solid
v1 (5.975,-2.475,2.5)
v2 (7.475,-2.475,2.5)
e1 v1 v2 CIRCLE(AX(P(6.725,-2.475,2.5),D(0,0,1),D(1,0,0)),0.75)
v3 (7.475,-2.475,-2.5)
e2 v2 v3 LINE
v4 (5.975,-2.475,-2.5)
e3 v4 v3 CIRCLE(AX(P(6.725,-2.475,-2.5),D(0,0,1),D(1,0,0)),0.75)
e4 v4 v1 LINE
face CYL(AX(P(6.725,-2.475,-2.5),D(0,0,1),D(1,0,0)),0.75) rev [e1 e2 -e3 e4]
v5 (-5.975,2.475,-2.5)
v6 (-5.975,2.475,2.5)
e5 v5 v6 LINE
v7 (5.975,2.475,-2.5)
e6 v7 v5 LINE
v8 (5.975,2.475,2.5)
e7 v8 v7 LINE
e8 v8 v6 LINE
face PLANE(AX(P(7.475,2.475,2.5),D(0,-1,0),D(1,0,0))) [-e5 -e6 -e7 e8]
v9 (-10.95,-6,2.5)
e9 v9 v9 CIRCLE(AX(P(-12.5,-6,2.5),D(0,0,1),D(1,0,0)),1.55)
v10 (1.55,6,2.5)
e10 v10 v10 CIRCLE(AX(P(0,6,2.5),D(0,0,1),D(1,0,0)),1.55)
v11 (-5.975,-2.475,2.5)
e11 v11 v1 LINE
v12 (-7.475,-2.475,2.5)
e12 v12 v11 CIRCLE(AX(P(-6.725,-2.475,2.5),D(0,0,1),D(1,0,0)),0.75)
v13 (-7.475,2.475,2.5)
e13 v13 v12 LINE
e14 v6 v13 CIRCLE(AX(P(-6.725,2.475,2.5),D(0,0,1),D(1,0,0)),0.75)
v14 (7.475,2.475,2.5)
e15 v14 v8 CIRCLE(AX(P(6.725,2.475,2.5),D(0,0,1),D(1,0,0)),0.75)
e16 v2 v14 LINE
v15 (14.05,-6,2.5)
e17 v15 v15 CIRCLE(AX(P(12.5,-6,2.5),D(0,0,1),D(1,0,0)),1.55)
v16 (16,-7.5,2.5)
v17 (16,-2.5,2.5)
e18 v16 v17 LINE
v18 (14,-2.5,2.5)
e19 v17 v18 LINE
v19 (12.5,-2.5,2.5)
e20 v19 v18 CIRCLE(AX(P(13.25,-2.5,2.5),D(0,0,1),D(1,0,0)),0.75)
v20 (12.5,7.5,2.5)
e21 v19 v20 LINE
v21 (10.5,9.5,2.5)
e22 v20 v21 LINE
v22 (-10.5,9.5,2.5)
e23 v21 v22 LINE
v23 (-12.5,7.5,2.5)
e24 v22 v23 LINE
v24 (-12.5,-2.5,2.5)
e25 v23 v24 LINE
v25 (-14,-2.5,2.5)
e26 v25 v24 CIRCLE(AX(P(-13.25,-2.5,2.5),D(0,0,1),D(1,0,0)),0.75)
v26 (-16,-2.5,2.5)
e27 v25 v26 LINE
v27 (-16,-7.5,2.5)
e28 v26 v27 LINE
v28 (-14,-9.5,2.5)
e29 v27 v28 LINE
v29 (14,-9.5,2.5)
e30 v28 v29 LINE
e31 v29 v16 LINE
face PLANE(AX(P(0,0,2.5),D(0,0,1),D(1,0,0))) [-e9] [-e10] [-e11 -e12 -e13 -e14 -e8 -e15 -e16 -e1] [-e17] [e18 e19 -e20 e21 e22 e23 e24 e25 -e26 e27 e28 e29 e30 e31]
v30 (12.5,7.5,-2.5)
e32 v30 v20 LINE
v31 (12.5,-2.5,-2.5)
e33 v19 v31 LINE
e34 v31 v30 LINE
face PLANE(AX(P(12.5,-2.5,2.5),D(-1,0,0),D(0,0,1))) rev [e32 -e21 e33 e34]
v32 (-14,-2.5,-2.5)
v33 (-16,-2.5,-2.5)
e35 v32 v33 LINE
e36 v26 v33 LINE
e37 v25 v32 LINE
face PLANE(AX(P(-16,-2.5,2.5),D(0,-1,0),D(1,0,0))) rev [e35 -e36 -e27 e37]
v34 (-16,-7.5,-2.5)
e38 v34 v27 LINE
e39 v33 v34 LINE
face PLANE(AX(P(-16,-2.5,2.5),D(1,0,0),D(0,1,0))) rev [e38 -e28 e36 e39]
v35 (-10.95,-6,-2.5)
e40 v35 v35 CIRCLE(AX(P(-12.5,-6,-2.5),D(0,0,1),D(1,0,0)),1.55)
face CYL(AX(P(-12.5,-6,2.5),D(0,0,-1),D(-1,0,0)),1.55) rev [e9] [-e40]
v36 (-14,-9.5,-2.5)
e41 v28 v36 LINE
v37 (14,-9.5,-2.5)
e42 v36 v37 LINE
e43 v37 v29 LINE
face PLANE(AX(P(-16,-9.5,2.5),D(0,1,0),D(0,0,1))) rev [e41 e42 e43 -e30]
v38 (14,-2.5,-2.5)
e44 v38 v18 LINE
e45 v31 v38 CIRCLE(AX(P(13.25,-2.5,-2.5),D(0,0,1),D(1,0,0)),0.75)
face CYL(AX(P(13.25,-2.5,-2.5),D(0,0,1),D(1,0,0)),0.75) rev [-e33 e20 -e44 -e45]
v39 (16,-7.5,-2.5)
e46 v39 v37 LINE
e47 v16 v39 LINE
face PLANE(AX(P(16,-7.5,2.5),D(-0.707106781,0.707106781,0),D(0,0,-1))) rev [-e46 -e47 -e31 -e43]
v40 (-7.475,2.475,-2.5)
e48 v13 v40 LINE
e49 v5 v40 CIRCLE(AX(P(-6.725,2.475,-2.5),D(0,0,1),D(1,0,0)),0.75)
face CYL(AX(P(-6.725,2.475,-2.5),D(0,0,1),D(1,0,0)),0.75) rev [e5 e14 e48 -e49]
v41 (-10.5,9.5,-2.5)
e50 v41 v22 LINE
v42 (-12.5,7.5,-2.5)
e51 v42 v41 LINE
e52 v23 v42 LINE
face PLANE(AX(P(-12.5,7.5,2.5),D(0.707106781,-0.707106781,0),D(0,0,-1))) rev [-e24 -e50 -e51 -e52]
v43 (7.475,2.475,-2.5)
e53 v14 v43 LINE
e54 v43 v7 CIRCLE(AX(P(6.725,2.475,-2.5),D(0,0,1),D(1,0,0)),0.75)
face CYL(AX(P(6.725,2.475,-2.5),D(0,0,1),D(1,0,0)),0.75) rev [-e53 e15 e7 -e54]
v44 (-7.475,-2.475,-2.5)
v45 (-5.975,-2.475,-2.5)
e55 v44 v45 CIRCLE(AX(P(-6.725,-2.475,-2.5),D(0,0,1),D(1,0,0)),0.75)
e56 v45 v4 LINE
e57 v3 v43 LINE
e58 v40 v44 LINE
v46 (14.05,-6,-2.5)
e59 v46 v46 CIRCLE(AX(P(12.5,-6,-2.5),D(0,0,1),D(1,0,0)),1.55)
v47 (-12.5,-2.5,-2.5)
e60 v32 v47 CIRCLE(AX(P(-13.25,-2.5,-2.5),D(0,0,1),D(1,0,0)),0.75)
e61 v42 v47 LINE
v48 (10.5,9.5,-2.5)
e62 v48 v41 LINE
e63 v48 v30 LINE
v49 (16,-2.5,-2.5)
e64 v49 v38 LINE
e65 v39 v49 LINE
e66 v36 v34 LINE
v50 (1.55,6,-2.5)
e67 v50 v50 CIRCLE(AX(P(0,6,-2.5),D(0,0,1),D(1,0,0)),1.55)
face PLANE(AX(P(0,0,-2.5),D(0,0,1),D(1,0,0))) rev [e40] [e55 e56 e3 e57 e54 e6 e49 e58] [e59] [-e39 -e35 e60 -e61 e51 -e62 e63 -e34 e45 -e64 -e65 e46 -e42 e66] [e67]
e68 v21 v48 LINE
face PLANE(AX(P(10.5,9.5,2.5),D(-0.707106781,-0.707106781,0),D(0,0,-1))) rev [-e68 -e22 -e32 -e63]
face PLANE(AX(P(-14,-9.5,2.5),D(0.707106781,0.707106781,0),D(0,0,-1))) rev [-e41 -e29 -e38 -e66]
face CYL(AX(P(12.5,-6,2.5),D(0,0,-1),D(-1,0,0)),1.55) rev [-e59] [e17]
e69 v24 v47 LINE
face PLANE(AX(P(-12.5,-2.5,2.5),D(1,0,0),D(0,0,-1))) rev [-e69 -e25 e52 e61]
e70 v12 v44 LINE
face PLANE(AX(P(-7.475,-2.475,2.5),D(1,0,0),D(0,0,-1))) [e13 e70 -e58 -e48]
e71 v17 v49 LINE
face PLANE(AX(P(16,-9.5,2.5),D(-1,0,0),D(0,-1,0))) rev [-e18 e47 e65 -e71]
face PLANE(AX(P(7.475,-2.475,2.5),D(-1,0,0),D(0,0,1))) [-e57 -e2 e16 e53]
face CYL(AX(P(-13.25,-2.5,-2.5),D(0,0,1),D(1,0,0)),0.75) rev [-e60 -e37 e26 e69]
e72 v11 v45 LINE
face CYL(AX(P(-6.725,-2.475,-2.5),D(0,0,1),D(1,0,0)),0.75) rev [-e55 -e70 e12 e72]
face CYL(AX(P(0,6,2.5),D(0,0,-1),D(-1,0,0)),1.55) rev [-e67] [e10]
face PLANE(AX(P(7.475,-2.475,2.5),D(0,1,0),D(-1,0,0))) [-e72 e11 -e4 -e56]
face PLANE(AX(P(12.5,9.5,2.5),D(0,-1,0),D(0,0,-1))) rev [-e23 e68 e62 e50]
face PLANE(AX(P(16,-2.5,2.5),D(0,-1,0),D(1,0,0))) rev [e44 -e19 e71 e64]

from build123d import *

# Parameters (mm, degrees)
SKETCH_1_R          = 1.55
SKETCH_1_W          = 14.95
SKETCH_1_H          = 4.95
EXTRUDE_1_DEPTH     = 2.5
SKETCH_2_R          = 0.75
CUT_EXTRUDE_1_DEPTH = 6
CHAMFER_1_SIZE      = 2


with BuildPart() as part:
    # 草图1 → 凸台-拉伸1 (new body, symmetric)
    with BuildSketch(Plane.XY):
        Polygon((-16, -2.5), (-16, -9.5), (16, -9.5), (16, -2.5), (12.5, -2.5), (12.5, 9.5), (-12.5, 9.5), (-12.5, -2.5), align=None)
        with Locations((-12.5, -6)):
            Circle(SKETCH_1_R, mode=Mode.SUBTRACT)
        with Locations((12.5, -6)):
            Circle(SKETCH_1_R, mode=Mode.SUBTRACT)
        with Locations((0, 6)):
            Circle(SKETCH_1_R, mode=Mode.SUBTRACT)
        Rectangle(SKETCH_1_W, SKETCH_1_H, mode=Mode.SUBTRACT)
    extrude(amount=EXTRUDE_1_DEPTH, both=True)

    # 草图2 → 切除-拉伸1 (cut, through all)
    with BuildSketch(Plane.XY.offset(2.5)):
        with Locations((-13.25, -2.5)):
            Circle(SKETCH_2_R)
        with Locations((-6.725, -2.475)):
            Circle(SKETCH_2_R)
        with Locations((-6.725, 2.475)):
            Circle(SKETCH_2_R)
        with Locations((6.725, 2.475)):
            Circle(SKETCH_2_R)
        with Locations((6.725, -2.475)):
            Circle(SKETCH_2_R)
        with Locations((13.25, -2.5)):
            Circle(SKETCH_2_R)
    extrude(amount=-CUT_EXTRUDE_1_DEPTH, mode=Mode.SUBTRACT)

    # 倒角1
    chamfer_1_edges = [part.edges().sort_by_distance(p)[0] for p in [
        (-16, -9.5, 0),
        (-12.5, 9.5, 0),
        (12.5, 9.5, 0),
        (16, -9.5, 0),
    ]]
    chamfer(chamfer_1_edges, length=CHAMFER_1_SIZE)


solid = part.part
